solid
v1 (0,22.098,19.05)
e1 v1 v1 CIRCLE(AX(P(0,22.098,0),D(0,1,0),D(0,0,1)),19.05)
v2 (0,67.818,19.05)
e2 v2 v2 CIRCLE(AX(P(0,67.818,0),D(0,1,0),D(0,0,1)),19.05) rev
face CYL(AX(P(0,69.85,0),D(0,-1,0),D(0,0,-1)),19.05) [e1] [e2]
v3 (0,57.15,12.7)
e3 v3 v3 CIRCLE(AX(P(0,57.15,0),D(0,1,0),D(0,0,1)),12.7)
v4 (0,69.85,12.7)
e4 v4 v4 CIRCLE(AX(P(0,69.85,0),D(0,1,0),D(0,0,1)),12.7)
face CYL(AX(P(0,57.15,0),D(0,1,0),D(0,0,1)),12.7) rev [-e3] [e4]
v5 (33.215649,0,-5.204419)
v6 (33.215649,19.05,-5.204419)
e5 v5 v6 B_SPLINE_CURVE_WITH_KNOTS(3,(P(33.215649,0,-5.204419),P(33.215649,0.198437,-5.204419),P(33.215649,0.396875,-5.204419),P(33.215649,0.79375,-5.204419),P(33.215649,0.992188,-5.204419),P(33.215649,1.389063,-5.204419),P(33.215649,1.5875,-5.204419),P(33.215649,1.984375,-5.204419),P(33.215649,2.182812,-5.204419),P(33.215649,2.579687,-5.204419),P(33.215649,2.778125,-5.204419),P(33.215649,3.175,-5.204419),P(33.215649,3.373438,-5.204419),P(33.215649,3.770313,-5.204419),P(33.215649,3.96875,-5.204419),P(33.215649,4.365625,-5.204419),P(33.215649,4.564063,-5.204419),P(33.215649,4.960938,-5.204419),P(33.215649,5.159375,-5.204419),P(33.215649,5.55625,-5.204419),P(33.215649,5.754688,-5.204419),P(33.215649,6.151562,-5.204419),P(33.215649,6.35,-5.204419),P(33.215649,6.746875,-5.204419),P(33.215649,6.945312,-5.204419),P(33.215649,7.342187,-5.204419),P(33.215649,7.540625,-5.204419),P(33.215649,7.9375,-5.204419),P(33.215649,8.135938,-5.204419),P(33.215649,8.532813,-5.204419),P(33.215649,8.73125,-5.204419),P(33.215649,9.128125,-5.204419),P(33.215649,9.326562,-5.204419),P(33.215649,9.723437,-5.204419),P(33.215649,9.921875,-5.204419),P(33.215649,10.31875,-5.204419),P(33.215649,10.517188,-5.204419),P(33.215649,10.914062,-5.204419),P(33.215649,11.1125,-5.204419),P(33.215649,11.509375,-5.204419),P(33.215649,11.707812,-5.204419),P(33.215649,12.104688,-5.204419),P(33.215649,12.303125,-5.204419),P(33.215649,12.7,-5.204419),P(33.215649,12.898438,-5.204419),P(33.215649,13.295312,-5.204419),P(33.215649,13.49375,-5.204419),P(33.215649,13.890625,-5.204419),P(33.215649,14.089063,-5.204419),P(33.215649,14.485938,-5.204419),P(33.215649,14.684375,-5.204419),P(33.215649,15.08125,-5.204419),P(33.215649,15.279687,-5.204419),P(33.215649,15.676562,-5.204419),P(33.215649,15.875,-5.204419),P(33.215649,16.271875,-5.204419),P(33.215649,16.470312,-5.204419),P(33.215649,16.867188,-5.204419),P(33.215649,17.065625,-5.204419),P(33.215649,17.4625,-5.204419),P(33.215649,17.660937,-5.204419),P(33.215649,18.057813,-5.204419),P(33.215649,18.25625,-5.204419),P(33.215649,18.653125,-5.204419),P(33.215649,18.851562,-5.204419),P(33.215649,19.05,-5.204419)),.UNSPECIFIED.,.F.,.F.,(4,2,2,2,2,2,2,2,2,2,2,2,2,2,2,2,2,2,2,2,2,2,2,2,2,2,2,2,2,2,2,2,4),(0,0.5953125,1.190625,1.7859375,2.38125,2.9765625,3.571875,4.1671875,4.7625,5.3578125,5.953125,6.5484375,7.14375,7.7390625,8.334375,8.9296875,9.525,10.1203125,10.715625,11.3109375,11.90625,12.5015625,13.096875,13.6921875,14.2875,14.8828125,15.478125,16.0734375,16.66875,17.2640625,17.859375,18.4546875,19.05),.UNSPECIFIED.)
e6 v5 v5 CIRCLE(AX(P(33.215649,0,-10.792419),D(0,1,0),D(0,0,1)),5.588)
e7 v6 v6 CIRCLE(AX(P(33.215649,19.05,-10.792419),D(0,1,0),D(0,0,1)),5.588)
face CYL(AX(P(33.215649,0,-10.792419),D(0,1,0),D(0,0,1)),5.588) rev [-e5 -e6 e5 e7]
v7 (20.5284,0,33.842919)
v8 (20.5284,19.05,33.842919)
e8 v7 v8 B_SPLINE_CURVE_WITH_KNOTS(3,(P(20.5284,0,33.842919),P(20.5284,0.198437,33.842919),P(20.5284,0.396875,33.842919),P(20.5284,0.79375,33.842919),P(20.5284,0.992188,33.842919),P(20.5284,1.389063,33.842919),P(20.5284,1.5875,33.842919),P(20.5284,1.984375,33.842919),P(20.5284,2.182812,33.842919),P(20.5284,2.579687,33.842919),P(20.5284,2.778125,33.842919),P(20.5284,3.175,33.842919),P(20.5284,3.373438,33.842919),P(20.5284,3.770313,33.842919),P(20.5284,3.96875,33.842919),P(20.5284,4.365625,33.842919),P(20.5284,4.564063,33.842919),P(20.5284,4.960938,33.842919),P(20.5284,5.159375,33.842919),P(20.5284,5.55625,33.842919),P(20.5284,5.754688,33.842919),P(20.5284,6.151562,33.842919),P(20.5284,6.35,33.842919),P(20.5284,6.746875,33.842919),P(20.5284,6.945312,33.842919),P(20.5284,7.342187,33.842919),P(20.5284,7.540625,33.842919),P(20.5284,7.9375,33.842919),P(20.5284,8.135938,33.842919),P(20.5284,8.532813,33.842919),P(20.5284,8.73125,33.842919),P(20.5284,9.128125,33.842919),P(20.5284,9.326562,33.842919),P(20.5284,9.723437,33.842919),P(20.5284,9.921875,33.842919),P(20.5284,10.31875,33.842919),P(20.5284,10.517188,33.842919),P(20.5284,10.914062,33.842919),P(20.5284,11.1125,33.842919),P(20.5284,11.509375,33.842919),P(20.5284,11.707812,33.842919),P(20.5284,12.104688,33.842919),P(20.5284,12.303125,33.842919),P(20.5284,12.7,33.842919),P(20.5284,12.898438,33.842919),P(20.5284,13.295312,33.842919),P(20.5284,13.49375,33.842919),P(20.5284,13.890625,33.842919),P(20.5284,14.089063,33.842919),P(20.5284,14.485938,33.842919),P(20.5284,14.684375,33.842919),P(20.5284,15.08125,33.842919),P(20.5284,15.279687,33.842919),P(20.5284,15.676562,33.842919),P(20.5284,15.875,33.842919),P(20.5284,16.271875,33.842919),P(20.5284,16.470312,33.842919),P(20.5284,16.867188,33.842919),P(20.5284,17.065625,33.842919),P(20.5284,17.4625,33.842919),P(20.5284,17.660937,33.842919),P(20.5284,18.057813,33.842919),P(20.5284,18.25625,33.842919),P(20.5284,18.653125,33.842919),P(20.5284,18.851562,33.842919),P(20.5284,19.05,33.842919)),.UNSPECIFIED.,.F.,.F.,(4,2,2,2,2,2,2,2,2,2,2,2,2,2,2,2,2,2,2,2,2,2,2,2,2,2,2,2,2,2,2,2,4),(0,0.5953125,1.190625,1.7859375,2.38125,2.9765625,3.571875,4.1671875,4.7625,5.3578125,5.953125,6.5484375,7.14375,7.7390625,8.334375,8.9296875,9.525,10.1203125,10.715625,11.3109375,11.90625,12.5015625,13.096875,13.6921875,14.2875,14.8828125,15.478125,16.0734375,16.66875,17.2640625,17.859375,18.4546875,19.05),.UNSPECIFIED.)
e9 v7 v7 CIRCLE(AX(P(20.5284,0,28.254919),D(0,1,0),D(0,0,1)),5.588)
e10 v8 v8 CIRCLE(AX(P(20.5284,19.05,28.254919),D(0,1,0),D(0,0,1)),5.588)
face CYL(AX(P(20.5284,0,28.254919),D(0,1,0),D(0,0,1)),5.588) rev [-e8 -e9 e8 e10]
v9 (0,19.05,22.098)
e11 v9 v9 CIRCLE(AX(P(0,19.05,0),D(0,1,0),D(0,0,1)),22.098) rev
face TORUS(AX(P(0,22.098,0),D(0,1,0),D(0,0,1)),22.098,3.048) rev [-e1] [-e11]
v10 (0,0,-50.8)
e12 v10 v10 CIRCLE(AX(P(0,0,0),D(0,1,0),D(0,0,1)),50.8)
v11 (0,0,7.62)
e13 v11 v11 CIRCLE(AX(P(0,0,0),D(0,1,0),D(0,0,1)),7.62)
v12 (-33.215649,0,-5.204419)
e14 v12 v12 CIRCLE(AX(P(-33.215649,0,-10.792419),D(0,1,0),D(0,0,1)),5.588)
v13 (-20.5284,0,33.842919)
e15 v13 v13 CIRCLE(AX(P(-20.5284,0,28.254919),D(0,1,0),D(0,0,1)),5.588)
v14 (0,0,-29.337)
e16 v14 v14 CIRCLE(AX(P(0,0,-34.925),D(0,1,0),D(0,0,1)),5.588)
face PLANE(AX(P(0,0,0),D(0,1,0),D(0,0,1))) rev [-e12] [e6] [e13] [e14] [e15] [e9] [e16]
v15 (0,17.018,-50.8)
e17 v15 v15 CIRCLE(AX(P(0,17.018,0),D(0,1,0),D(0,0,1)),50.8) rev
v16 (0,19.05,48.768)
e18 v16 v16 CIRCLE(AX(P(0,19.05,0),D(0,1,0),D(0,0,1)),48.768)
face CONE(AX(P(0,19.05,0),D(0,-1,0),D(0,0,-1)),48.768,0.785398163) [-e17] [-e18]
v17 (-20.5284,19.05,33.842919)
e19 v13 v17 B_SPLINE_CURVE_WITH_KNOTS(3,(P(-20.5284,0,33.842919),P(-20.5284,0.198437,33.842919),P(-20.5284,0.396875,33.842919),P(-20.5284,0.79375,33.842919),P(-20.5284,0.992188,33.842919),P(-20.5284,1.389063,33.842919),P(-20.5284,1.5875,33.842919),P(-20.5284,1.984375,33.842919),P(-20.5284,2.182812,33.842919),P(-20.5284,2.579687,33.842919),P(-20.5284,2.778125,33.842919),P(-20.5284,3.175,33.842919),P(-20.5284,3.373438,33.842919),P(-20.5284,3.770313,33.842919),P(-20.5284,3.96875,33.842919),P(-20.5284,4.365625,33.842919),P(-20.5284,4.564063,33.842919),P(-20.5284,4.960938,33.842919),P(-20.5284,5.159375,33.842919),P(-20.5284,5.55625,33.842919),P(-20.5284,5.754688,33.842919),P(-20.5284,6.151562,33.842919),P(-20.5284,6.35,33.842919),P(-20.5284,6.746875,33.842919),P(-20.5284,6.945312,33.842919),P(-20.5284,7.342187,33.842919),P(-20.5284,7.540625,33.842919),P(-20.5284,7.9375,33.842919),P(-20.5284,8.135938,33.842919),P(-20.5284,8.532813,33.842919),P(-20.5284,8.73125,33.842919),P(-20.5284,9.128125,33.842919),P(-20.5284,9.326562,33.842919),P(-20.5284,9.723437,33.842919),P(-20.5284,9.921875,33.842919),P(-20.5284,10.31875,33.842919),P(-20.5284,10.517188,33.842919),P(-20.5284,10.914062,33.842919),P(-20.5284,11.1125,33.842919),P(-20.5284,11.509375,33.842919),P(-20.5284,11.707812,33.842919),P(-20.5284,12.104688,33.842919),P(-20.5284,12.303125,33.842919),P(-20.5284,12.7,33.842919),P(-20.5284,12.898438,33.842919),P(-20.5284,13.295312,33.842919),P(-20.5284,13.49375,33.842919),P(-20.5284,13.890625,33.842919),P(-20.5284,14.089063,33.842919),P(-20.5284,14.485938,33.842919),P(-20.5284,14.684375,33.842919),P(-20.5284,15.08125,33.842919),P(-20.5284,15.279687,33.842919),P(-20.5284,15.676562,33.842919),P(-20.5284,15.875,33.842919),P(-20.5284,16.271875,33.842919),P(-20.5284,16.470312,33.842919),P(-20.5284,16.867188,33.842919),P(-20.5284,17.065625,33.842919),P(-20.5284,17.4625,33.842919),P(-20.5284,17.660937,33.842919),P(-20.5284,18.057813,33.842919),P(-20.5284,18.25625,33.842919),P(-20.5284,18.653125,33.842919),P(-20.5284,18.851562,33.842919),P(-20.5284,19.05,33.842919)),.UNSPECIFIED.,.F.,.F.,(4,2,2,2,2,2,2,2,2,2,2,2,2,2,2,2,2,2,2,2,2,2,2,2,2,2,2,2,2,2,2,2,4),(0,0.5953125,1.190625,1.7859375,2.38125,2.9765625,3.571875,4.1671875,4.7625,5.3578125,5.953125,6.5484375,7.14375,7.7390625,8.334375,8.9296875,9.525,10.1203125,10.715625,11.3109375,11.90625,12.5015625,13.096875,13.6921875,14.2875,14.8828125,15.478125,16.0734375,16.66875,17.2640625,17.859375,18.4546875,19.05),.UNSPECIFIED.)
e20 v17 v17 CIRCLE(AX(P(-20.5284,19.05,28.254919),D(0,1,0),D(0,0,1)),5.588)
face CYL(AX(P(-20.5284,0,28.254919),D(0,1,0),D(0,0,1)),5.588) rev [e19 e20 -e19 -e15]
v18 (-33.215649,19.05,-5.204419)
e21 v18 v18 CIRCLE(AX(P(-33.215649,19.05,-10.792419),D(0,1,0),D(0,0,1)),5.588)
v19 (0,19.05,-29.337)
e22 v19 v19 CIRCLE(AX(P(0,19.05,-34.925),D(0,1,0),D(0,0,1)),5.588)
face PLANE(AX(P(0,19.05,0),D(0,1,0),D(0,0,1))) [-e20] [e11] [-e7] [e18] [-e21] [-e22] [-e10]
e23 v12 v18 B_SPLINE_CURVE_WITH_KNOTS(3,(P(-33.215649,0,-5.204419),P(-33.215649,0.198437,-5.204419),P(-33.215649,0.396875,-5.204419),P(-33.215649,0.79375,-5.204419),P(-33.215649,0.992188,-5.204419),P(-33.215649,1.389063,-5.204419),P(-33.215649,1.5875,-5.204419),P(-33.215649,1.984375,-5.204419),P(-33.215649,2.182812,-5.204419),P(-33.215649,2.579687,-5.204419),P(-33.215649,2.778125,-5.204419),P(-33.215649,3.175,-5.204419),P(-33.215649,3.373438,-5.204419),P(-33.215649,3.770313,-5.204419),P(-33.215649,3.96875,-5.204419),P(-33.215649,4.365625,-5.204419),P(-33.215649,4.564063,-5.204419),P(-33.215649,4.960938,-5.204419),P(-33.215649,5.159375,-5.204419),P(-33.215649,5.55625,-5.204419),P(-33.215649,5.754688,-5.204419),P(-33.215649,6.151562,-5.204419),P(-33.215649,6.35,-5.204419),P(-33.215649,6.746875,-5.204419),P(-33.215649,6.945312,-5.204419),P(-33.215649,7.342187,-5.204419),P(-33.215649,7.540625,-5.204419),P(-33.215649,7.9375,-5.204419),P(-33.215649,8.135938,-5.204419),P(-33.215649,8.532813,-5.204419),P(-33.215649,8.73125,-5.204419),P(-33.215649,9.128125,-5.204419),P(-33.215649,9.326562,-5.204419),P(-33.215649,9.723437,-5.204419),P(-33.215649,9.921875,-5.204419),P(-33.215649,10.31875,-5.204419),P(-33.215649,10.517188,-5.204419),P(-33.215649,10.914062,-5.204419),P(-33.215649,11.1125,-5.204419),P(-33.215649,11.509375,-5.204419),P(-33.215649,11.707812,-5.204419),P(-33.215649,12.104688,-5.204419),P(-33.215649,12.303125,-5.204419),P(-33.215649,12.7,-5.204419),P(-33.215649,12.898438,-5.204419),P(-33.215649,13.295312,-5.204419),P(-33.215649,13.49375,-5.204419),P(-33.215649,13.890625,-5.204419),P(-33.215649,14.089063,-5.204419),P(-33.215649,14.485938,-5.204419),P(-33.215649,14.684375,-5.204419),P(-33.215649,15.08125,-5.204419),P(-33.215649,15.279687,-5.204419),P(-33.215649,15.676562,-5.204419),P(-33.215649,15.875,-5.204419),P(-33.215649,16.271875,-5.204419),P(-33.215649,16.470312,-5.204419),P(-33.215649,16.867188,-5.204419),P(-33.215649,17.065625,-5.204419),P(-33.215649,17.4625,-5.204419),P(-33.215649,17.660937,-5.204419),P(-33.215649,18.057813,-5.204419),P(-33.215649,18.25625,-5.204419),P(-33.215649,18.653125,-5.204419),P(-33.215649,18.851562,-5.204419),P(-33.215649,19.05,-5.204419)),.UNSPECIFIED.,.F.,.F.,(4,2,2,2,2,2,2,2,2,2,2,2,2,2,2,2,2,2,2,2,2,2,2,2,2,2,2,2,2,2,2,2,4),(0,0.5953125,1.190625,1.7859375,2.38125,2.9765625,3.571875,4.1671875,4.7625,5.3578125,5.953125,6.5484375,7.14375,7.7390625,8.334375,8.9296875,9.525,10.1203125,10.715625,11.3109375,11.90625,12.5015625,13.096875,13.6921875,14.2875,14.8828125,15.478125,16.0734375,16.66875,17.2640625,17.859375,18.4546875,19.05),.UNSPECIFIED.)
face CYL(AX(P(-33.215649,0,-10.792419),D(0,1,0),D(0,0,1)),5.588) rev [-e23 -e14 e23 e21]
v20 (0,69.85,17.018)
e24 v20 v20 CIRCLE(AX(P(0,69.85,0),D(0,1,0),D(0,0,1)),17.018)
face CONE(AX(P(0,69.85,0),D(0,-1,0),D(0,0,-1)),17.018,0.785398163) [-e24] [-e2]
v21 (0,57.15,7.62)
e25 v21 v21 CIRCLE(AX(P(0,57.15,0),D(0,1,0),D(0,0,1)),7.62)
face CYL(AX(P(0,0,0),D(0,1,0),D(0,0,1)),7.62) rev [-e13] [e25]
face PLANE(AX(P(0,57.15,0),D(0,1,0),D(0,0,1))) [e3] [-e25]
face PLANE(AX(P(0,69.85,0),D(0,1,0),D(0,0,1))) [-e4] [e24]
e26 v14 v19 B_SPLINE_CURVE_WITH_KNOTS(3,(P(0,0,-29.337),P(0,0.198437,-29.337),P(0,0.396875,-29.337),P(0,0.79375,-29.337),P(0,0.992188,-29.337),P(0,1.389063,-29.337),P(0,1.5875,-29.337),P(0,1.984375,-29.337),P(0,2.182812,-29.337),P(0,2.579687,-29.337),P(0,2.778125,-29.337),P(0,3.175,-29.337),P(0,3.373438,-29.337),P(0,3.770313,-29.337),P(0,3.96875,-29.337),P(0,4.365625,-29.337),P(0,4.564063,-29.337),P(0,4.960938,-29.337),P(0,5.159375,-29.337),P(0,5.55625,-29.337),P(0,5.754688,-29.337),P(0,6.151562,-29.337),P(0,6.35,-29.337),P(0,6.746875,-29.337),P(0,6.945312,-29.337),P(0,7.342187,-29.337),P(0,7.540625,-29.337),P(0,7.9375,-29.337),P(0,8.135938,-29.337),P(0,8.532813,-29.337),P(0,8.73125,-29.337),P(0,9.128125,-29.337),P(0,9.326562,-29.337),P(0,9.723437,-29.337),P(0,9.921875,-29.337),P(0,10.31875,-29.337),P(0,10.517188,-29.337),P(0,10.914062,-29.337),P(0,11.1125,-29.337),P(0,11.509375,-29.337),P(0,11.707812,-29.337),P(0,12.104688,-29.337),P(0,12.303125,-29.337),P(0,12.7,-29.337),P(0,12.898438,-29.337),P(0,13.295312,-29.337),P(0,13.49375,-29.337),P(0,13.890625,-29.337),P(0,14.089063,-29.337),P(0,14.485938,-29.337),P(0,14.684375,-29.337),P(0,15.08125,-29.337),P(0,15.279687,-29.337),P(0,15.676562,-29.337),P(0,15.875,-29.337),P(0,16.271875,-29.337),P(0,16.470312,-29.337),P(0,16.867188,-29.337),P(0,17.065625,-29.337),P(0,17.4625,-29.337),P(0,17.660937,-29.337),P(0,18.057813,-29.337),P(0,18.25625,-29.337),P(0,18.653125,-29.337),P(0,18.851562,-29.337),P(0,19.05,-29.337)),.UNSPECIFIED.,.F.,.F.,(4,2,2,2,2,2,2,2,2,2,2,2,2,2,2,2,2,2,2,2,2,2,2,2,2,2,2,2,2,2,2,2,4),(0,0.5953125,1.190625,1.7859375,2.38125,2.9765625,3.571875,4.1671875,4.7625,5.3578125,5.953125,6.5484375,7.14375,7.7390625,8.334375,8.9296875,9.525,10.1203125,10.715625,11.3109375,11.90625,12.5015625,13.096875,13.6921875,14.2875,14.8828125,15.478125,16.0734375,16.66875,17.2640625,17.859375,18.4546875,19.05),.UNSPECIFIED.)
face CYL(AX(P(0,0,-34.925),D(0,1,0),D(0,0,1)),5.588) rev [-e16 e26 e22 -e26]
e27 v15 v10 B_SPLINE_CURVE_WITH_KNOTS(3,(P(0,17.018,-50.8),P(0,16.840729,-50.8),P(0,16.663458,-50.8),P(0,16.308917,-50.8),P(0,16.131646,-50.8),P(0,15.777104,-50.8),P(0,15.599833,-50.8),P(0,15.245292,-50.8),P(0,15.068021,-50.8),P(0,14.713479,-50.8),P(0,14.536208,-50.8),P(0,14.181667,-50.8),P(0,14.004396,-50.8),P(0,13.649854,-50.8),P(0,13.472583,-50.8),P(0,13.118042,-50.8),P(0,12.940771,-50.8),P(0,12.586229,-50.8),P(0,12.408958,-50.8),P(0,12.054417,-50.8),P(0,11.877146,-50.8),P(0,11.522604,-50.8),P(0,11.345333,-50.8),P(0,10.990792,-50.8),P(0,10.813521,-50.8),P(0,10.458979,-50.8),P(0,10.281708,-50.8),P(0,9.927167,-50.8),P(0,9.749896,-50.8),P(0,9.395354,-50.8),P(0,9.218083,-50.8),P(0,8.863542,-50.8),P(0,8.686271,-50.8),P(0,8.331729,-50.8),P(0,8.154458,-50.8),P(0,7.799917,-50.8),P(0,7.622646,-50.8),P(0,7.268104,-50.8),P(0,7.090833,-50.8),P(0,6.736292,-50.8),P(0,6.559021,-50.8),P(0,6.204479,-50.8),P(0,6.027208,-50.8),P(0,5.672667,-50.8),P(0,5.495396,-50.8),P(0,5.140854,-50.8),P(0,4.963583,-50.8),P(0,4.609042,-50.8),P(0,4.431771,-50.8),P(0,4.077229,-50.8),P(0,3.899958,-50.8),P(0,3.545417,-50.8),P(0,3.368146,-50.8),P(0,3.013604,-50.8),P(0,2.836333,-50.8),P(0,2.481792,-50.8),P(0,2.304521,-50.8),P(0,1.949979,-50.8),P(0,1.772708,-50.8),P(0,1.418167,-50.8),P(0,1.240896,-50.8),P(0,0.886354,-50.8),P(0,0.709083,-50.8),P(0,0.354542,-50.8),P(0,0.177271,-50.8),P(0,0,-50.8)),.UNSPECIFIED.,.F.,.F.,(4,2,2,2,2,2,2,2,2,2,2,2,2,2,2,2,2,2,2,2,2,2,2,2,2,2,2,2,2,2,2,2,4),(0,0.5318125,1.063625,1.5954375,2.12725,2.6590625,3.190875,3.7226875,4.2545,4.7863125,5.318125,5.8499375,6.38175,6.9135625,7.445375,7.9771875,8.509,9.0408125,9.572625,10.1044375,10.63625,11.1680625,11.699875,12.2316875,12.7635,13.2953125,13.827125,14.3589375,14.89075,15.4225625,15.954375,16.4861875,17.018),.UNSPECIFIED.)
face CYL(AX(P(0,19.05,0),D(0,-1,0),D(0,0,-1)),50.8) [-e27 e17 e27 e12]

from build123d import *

# Parameters (mm, degrees)
SKETCH1_R           = 50.8
BOSS_EXTRUDE1_DEPTH = 19.05
CHAMFER1_SIZE       = 2.032
SKETCH2_R           = 5.588
CUT_EXTRUDE2_DEPTH  = 75.324844433
SKETCH4_R           = 19.05
BOSS_EXTRUDE2_DEPTH = 50.8
FILLET1_R           = 3.048
CHAMFER2_SIZE       = 2.032
SKETCH5_R           = 12.7
CUT_EXTRUDE3_DEPTH  = 12.7
SKETCH6_R           = 7.62
CUT_EXTRUDE4_DEPTH  = 92.800885072


with BuildPart() as part:
    # Sketch1 → Boss-Extrude1 (new body)
    with BuildSketch(Plane(origin=(0, 0, 0), x_dir=(1, 0, 0), z_dir=(0, 1, 0))):
        with Locations(Location((0, 0, 0), (0, 0, 90))):
            Circle(SKETCH1_R)
    extrude(amount=BOSS_EXTRUDE1_DEPTH)

    # Chamfer1
    chamfer1_edges = [part.edges().sort_by_distance(p)[0] for p in [
        (0, 19.05, 50.8),
    ]]
    chamfer(chamfer1_edges, length=CHAMFER1_SIZE)

    # Sketch2 → Cut-Extrude2 (cut, through all)
    with BuildSketch(Plane(origin=(0, 19.05, 0), x_dir=(1, 0, 0), z_dir=(0, 1, 0))):
        with Locations(Location((0, 34.925, 0), (0, 0, 270))):
            Circle(SKETCH2_R)
        with Locations(Location((33.215648832, 10.792418529, 0), (0, 0, 270))):
            Circle(SKETCH2_R)
        with Locations(Location((20.528399936, -28.254918529, 0), (0, 0, 270))):
            Circle(SKETCH2_R)
        with Locations(Location((-20.528399936, -28.254918529, 0), (0, 0, 270))):
            Circle(SKETCH2_R)
        with Locations(Location((-33.215648832, 10.792418529, 0), (0, 0, 270))):
            Circle(SKETCH2_R)
    extrude(amount=-CUT_EXTRUDE2_DEPTH, mode=Mode.SUBTRACT)

    # Sketch4 → Boss-Extrude2 (add)
    with BuildSketch(Plane(origin=(0, 19.05, 0), x_dir=(1, 0, 0), z_dir=(0, 1, 0))):
        with Locations(Location((0, 0, 0), (0, 0, 270))):
            Circle(SKETCH4_R)
    extrude(amount=BOSS_EXTRUDE2_DEPTH)

    # Fillet1
    fillet1_edges = [part.edges().sort_by_distance(p)[0] for p in [
        (0, 19.05, -19.05),
    ]]
    fillet(fillet1_edges, radius=FILLET1_R)

    # Chamfer2
    chamfer2_edges = [part.edges().sort_by_distance(p)[0] for p in [
        (0, 69.85, -19.05),
    ]]
    chamfer(chamfer2_edges, length=CHAMFER2_SIZE)

    # Sketch5 → Cut-Extrude3 (cut)
    with BuildSketch(Plane(origin=(0, 69.85, 0), x_dir=(1, 0, 0), z_dir=(0, 1, 0))):
        with Locations(Location((0, 0, 0), (0, 0, 270))):
            Circle(SKETCH5_R)
    extrude(amount=-CUT_EXTRUDE3_DEPTH, mode=Mode.SUBTRACT)

    # Sketch6 → Cut-Extrude4 (cut, through all)
    with BuildSketch(Plane(origin=(0, 57.15, 0), x_dir=(1, 0, 0), z_dir=(0, 1, 0))):
        with Locations(Location((0, 0, 0), (0, 0, 270))):
            Circle(SKETCH6_R)
    extrude(amount=-CUT_EXTRUDE4_DEPTH, mode=Mode.SUBTRACT)


solid = part.part
